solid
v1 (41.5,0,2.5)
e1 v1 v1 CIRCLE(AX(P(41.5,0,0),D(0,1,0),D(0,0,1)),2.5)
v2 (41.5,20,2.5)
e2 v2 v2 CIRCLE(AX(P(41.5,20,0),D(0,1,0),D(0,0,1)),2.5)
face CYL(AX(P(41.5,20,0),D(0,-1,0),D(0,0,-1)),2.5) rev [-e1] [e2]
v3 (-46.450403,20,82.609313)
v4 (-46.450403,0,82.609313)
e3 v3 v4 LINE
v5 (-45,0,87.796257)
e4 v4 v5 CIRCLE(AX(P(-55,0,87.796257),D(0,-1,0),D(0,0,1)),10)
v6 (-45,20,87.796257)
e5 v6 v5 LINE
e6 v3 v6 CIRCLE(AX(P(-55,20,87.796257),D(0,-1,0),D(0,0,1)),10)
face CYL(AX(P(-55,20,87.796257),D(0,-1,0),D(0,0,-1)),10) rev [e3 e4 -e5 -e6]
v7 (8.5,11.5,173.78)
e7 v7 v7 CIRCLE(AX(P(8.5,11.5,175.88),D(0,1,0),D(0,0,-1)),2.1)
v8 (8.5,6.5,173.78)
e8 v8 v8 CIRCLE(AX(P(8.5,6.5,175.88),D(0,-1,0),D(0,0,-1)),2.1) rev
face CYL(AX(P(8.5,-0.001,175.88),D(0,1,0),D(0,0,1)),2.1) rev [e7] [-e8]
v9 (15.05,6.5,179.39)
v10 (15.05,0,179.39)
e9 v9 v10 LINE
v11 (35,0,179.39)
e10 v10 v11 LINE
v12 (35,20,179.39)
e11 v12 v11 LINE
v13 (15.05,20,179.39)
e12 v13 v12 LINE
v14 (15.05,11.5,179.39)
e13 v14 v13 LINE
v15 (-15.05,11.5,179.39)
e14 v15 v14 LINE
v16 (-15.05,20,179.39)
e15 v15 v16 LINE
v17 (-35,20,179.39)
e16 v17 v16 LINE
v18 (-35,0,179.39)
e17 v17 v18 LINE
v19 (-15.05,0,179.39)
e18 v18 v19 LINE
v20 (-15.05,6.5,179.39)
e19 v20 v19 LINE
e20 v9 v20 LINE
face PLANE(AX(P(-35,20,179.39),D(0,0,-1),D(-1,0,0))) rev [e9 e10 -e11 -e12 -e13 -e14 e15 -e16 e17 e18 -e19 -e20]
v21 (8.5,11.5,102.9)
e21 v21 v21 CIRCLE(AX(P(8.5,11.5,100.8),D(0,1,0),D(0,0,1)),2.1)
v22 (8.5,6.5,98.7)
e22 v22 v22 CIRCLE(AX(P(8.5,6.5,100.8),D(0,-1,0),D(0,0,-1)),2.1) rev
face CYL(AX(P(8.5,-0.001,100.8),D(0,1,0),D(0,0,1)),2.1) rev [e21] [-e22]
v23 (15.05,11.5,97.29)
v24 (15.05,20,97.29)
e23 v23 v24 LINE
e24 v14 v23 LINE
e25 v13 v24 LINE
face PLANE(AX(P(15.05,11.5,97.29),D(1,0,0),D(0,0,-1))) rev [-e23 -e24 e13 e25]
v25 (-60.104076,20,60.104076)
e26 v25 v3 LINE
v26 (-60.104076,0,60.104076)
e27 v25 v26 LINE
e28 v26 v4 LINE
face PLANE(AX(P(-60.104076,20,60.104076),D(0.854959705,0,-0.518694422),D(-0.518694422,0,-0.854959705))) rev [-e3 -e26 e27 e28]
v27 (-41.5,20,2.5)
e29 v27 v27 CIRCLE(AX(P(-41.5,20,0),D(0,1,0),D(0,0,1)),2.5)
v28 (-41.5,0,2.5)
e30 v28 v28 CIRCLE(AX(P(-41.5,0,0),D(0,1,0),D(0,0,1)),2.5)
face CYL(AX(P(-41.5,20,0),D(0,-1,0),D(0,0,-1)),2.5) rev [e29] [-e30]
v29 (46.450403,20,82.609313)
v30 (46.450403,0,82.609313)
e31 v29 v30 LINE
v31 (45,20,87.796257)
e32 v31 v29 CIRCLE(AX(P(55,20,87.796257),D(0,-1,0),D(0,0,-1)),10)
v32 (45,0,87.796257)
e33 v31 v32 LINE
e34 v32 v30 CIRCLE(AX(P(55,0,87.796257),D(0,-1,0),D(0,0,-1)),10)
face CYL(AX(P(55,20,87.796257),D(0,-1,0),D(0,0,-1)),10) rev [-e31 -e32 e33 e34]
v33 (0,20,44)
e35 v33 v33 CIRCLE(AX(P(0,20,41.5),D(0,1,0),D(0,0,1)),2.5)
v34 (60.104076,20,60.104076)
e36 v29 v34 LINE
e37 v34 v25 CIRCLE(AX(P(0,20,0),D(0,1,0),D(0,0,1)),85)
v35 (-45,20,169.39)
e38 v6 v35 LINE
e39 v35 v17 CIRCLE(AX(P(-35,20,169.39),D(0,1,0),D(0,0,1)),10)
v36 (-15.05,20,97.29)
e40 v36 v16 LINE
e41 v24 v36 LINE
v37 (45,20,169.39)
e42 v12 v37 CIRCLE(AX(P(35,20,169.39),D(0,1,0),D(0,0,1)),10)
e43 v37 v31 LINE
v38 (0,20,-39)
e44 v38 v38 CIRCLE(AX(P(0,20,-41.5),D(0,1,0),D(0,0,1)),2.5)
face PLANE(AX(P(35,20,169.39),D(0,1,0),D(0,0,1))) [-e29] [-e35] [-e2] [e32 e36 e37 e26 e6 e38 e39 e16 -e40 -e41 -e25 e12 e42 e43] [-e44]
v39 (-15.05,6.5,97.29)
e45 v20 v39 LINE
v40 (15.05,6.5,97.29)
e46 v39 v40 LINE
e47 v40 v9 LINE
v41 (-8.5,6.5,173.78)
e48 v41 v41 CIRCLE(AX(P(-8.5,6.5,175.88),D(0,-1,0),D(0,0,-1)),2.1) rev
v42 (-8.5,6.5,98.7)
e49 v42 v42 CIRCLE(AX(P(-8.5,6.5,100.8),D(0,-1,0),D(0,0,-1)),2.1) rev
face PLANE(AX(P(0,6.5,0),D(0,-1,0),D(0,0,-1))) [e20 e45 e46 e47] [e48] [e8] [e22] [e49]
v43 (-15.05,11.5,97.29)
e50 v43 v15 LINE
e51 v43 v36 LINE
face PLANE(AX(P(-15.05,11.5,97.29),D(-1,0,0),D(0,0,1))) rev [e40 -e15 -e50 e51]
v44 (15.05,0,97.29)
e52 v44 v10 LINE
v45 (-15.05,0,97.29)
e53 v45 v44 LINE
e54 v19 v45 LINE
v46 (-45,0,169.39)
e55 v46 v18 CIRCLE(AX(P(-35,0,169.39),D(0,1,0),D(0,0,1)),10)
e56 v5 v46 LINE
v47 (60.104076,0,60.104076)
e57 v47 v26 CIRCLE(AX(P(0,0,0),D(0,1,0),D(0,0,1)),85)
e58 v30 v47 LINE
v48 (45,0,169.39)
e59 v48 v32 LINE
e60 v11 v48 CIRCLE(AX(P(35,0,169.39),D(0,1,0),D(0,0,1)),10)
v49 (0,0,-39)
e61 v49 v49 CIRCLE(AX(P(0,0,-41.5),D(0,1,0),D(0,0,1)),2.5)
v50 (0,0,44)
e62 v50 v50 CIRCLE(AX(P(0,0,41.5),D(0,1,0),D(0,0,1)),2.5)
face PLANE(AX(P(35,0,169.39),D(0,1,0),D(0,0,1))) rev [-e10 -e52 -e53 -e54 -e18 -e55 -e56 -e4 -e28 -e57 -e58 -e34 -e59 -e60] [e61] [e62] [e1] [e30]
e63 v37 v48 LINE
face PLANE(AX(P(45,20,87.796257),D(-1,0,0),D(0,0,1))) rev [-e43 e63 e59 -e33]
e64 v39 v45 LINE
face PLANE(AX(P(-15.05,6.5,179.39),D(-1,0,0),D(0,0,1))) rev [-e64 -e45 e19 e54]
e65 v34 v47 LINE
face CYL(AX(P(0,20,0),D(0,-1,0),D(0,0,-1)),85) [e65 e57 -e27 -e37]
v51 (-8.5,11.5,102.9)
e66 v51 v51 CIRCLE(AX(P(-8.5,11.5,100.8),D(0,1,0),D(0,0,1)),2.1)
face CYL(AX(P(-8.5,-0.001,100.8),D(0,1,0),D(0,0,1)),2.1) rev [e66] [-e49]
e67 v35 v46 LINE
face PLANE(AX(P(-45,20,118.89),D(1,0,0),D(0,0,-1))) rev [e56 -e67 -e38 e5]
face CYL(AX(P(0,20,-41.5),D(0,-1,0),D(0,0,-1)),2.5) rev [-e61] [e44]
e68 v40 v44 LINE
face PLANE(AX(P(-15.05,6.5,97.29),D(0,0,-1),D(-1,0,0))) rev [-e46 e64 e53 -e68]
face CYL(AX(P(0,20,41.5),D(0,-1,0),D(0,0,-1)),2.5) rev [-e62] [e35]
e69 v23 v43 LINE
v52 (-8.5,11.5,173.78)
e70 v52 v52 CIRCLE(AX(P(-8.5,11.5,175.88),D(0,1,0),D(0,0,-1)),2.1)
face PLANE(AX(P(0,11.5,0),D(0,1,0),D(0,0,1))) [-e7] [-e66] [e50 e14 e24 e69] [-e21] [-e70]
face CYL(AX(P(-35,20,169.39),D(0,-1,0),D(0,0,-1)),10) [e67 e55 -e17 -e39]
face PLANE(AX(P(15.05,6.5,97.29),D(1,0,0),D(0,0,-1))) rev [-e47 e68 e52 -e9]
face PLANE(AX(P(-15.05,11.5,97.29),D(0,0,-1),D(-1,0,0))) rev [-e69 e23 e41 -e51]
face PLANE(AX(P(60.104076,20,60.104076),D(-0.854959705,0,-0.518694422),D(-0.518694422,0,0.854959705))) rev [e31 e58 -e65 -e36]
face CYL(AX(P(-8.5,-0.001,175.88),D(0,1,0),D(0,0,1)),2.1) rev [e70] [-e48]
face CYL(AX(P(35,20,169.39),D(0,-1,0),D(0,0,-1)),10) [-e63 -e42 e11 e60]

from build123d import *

# Parameters (mm, degrees)
SKETCH1_R           = 2.5
BOSS_EXTRUDE1_DEPTH = 20
SKETCH2_W           = 30.1
SKETCH2_H           = 82.1
CUT_EXTRUDE1_DEPTH  = 8.5
SKETCH3_W           = 30.1
SKETCH3_H           = 82.1
CUT_EXTRUDE2_DEPTH  = 6.5
CUT_EXTRUDE3_REACH  = 200.842
SKETCH5_R           = 2.1


with BuildPart() as part:
    # Sketch1 → Boss-Extrude1 (new body)
    with BuildSketch(Plane(origin=(0, 0, 0), x_dir=(1, 0, 0), z_dir=(0, 1, 0))):
        with BuildLine():
            Line((60.104076401, -60.104076401), (46.450402953, -82.609312867))
            ThreePointArc((46.450402953, -82.609312867), (45.36942446, -85.103300576), (45, -87.796257086))
            Line((45, -87.796257086), (45, -118.89))
            Line((45, -118.89), (45, -169.39))
            ThreePointArc((45, -169.39), (42.071067812, -176.461067812), (35, -179.39))
            Line((35, -179.39), (-35, -179.39))
            ThreePointArc((-35, -179.39), (-42.071067812, -176.461067812), (-45, -169.39))
            Line((-45, -169.39), (-45, -118.89))
            Line((-45, -118.89), (-45, -87.796257086))
            ThreePointArc((-45, -87.796257086), (-45.36942446, -85.103300576), (-46.450402953, -82.609312867))
            Line((-46.450402953, -82.609312867), (-60.104076401, -60.104076401))
            ThreePointArc((-60.104076401, -60.104076401), (0, 85), (60.104076401, -60.104076401))
        make_face()
        with Locations(Location((0, 41.5, 0), (0, 0, 270))):
            Circle(SKETCH1_R, mode=Mode.SUBTRACT)
        with Locations(Location((41.5, 0, 0), (0, 0, 270))):
            Circle(SKETCH1_R, mode=Mode.SUBTRACT)
        with Locations(Location((0, -41.5, 0), (0, 0, 270))):
            Circle(SKETCH1_R, mode=Mode.SUBTRACT)
        with Locations(Location((-41.5, 0, 0), (0, 0, 270))):
            Circle(SKETCH1_R, mode=Mode.SUBTRACT)
    extrude(amount=BOSS_EXTRUDE1_DEPTH)

    # Sketch2 → Cut-Extrude1 (cut)
    with BuildSketch(Plane(origin=(0, 20, 0), x_dir=(1, 0, 0), z_dir=(0, 1, 0))):
        with Locations((0, -138.34)):
            Rectangle(SKETCH2_W, SKETCH2_H)
    extrude(amount=-CUT_EXTRUDE1_DEPTH, mode=Mode.SUBTRACT)

    # Sketch3 → Cut-Extrude2 (cut)
    with BuildSketch(Plane.XZ):
        with Locations((0, 138.34)):
            Rectangle(SKETCH3_W, SKETCH3_H)
    extrude(amount=-CUT_EXTRUDE2_DEPTH, mode=Mode.SUBTRACT)

    # Sketch5 → Cut-Extrude3 (cut, up to next)
    with BuildSketch(Plane(origin=(0, 11.5, 0), x_dir=(1, 0, 0), z_dir=(0, 1, 0)), mode=Mode.PRIVATE) as cut_extrude3_sk1:
        with Locations(Location((-8.5, -100.8, 0), (0, 0, 270))):
            Circle(SKETCH5_R)
    cut_extrude3_tool1 = extrude(cut_extrude3_sk1.sketch, amount=-CUT_EXTRUDE3_REACH, mode=Mode.PRIVATE) & part.part
    # Sketch5 → Cut-Extrude3 (cut, up to next)
    with BuildSketch(Plane(origin=(0, 11.5, 0), x_dir=(1, 0, 0), z_dir=(0, 1, 0)), mode=Mode.PRIVATE) as cut_extrude3_sk2:
        with Locations(Location((8.5, -100.8, 0), (0, 0, 270))):
            Circle(SKETCH5_R)
    cut_extrude3_tool2 = extrude(cut_extrude3_sk2.sketch, amount=-CUT_EXTRUDE3_REACH, mode=Mode.PRIVATE) & part.part
    # Sketch5 → Cut-Extrude3 (cut, up to next)
    with BuildSketch(Plane(origin=(0, 11.5, 0), x_dir=(1, 0, 0), z_dir=(0, 1, 0)), mode=Mode.PRIVATE) as cut_extrude3_sk3:
        with Locations(Location((8.5, -175.88, 0), (0, 0, 90))):
            Circle(SKETCH5_R)
    cut_extrude3_tool3 = extrude(cut_extrude3_sk3.sketch, amount=-CUT_EXTRUDE3_REACH, mode=Mode.PRIVATE) & part.part
    # Sketch5 → Cut-Extrude3 (cut, up to next)
    with BuildSketch(Plane(origin=(0, 11.5, 0), x_dir=(1, 0, 0), z_dir=(0, 1, 0)), mode=Mode.PRIVATE) as cut_extrude3_sk4:
        with Locations(Location((-8.5, -175.88, 0), (0, 0, 90))):
            Circle(SKETCH5_R)
    cut_extrude3_tool4 = extrude(cut_extrude3_sk4.sketch, amount=-CUT_EXTRUDE3_REACH, mode=Mode.PRIVATE) & part.part
    add(cut_extrude3_tool1.solids().sort_by_distance((-8.5, 11.5, 100.8))[0], mode=Mode.SUBTRACT)
    add(cut_extrude3_tool2.solids().sort_by_distance((8.5, 11.5, 100.8))[0], mode=Mode.SUBTRACT)
    add(cut_extrude3_tool3.solids().sort_by_distance((8.5, 11.5, 175.88))[0], mode=Mode.SUBTRACT)
    add(cut_extrude3_tool4.solids().sort_by_distance((-8.5, 11.5, 175.88))[0], mode=Mode.SUBTRACT)


solid = part.part
